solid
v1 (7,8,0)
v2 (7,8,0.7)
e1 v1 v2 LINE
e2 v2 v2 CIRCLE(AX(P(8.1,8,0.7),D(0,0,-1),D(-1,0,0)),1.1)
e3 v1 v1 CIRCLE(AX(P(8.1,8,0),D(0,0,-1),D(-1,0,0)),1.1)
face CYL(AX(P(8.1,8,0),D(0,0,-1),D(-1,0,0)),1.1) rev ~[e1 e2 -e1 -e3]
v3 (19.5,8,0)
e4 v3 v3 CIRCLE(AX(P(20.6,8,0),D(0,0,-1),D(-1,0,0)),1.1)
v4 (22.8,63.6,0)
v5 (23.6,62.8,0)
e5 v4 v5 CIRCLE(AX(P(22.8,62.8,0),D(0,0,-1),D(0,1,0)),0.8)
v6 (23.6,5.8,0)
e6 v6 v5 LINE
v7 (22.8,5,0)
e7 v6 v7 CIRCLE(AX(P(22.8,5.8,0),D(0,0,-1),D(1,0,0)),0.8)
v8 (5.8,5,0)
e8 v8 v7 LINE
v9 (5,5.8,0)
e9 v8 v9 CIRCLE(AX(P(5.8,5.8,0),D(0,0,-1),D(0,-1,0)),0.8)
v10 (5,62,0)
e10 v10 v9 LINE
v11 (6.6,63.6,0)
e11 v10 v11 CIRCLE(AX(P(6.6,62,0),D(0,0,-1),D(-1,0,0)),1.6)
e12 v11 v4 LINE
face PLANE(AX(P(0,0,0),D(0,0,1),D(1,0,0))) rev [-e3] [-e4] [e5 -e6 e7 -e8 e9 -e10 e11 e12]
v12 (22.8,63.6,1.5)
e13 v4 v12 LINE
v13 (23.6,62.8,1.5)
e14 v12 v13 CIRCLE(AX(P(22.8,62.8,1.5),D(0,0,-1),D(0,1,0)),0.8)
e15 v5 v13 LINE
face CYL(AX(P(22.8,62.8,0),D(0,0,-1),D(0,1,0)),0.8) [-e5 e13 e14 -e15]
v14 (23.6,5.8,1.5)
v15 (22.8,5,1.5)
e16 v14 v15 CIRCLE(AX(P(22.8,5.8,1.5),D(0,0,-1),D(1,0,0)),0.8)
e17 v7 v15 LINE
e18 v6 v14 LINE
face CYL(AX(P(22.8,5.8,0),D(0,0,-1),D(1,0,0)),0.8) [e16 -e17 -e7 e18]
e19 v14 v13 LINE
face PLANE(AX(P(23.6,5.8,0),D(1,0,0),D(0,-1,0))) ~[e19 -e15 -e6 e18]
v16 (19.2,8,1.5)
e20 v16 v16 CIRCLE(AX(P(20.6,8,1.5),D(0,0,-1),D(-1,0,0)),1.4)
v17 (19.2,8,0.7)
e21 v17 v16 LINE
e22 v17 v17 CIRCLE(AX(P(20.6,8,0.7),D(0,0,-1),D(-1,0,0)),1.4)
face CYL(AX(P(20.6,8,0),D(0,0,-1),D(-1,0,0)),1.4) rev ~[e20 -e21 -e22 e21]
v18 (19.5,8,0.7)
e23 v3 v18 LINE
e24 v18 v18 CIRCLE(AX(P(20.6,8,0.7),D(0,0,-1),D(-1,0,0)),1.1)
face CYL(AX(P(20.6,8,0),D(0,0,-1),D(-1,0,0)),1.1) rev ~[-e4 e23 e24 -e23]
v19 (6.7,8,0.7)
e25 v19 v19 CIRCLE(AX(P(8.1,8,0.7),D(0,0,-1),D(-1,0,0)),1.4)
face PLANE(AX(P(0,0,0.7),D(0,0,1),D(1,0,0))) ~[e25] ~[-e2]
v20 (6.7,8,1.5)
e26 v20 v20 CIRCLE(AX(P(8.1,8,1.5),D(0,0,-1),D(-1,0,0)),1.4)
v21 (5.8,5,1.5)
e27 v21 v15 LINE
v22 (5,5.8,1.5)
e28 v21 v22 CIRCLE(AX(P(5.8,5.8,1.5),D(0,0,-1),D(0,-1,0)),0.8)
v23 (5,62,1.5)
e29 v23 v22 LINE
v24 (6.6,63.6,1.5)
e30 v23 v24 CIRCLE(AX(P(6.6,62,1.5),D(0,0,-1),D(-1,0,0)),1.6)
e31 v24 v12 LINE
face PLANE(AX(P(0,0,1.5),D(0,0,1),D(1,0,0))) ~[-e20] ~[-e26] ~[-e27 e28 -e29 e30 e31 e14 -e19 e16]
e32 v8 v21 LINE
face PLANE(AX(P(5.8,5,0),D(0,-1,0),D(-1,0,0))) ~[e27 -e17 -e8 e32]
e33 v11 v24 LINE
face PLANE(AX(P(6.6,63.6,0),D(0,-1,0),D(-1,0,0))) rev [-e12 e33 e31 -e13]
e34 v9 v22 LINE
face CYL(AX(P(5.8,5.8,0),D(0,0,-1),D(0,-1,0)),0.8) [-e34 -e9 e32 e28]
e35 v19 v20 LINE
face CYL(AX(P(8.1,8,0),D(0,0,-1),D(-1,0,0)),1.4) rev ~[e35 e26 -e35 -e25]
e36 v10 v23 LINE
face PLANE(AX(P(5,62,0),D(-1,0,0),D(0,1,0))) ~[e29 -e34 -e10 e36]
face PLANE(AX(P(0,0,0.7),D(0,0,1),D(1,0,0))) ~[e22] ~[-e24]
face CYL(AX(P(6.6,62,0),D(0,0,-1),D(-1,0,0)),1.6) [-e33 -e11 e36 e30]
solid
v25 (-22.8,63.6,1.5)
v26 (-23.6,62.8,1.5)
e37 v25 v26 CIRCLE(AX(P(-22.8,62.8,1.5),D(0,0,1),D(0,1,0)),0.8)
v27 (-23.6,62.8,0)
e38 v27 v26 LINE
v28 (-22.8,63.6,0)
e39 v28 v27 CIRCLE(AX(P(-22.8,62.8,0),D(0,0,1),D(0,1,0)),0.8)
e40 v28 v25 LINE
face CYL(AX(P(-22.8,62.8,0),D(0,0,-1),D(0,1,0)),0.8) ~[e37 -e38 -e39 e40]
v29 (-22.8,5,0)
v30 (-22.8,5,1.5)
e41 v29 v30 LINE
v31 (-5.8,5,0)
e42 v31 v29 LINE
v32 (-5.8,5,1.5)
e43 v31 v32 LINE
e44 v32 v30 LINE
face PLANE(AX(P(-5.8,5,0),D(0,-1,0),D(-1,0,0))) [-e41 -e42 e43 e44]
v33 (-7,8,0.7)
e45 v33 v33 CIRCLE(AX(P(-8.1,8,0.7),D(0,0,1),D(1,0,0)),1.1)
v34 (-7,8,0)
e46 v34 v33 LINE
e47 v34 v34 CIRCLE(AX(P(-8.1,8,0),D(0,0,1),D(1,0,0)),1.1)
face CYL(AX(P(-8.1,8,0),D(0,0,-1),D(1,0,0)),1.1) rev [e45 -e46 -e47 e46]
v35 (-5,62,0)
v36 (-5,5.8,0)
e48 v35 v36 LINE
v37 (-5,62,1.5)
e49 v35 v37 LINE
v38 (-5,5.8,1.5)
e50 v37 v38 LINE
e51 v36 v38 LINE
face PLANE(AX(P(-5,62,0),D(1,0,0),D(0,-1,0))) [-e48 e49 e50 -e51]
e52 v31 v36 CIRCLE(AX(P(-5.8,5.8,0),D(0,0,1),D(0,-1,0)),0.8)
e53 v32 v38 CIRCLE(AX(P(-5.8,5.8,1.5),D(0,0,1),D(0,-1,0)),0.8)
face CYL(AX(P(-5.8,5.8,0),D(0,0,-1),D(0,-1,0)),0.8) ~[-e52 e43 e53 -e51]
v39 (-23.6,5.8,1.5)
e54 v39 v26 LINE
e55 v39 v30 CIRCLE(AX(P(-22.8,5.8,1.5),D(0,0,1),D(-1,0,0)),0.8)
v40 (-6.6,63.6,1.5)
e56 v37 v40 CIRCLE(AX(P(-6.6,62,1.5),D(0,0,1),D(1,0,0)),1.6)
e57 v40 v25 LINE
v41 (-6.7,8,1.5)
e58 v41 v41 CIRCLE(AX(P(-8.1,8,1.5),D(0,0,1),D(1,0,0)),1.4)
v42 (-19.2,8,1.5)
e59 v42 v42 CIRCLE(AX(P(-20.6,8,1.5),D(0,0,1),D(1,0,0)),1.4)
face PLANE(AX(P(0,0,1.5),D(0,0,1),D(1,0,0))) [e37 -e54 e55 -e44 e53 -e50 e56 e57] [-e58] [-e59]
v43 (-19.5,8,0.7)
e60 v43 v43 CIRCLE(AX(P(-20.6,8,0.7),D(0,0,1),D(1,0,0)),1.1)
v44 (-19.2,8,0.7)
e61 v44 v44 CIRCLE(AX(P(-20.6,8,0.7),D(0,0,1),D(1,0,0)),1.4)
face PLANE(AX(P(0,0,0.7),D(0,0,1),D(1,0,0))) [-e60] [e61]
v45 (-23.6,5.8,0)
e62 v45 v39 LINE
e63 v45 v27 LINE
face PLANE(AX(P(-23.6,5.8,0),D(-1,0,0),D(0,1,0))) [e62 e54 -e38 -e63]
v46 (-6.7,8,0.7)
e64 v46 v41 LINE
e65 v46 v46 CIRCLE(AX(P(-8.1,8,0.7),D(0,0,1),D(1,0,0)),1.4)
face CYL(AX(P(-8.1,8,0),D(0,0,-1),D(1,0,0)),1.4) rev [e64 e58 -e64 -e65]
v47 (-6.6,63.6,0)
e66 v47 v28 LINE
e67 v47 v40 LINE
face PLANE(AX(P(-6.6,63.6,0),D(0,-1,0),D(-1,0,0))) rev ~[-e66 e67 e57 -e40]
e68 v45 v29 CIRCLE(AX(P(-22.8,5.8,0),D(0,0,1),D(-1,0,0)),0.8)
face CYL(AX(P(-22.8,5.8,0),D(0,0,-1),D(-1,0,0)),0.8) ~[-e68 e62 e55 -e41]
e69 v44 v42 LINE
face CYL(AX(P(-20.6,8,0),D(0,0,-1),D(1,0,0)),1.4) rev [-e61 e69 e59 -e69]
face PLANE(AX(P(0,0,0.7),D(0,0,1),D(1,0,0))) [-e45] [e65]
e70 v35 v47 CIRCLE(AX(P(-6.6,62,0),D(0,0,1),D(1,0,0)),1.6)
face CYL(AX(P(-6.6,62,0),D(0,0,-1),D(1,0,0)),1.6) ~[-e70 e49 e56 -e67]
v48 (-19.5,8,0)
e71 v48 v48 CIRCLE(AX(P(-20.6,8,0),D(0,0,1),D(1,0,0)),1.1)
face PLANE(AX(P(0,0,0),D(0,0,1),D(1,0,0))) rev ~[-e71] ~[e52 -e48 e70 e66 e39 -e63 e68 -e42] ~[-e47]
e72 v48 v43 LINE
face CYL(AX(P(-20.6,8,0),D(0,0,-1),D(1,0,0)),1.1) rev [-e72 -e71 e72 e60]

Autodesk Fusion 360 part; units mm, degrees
sketch "mriya-mcu-cover" plane through (0, 0, 0) normal (0, 0, 1) x (1, 0, 0)
  circle A0 centre (-20.6, 8) radius 1.1
  circle A1 centre (-8.1, 8) radius 1.1
  circle A2 centre (-20.6, 8) radius 1.4
  circle A3 centre (-8.1, 8) radius 1.4
  line L0 (-21.45, 24.8) -> (-21.45, 60.1)
  line L1 (-8.45, 23.7) -> (-20.35, 23.7)
  line L2 (-9.15, 27.5) -> (-19.65, 27.5) construction
  line L3 (-19.65, 55) -> (-9.15, 55) construction
  line L4 (-8.45, 61.2) -> (-20.35, 61.2)
  line L5 (-20.65, 54) -> (-20.65, 28.5) construction
  line L6 (-8.15, 28.5) -> (-8.15, 54) construction
  line L7 (-7.35, 60.1) -> (-7.35, 24.8)
  line L8 (-23.6, 5.8) -> (-23.6, 62.7) construction
  line L9 (-6.6, 63.6) -> (-22.8, 63.6)
  line L10 (-5, 62) -> (-5, 5.8)
  line L11 (-22.8, 5) -> (-5.9, 5) construction
  line L12 (-5.1, 62) -> (-5.1, 5.8) construction
  line L13 (-6.6, 63.5) -> (-22.8, 63.5) construction
  arc A4 (-5.1, 62) -> (-6.6, 63.5) centre (-6.6, 62) ccw construction
  arc A5 (-22.8, 63.5) -> (-23.6, 62.7) centre (-22.8, 62.7) ccw construction
  arc A6 (-23.6, 5.8) -> (-22.8, 5) centre (-22.8, 5.8) ccw construction
  arc A7 (-5.9, 5) -> (-5.1, 5.8) centre (-5.9, 5.8) ccw construction
  line L14 (-5.8, 5) -> (-22.8, 5)
  line L15 (-23.6, 5.8) -> (-23.6, 62.8)
  arc A8 (-22.8, 63.6) -> (-23.6, 62.8) centre (-22.8, 62.8) ccw
  arc A9 (-5, 62) -> (-6.6, 63.6) centre (-6.6, 62) ccw
  arc A10 (-5.8, 5) -> (-5, 5.8) centre (-5.8, 5.8) ccw
  arc A11 (-23.6, 5.8) -> (-22.8, 5) centre (-22.8, 5.8) ccw
  arc A12 (-19.65, 55) -> (-20.65, 54) centre (-19.65, 54) ccw construction
  arc A13 (-8.15, 54) -> (-9.15, 55) centre (-9.15, 54) ccw construction
  arc A14 (-20.65, 28.5) -> (-19.65, 27.5) centre (-19.65, 28.5) ccw construction
  arc A15 (-9.15, 27.5) -> (-8.15, 28.5) centre (-9.15, 28.5) ccw construction
  arc A16 (-21.45, 24.8) -> (-20.35, 23.7) centre (-20.35, 24.8) ccw
  arc A17 (-8.45, 23.7) -> (-7.35, 24.8) centre (-8.45, 24.8) ccw
  line L16 (-5.7, 26.1) -> (-5.7, 62) construction
  line L17 (-18.5, 62.9) -> (-6.6, 62.9) construction
  arc A18 (-19.1, 63.5) -> (-18.5, 62.9) centre (-18.5, 63.5) ccw construction
  arc A19 (-5.7, 26.1) -> (-5.1, 25.5) centre (-5.1, 26.1) ccw construction
  arc A20 (-5.7, 62) -> (-6.6, 62.9) centre (-6.6, 62) ccw construction
  circle A21 centre (-14.4, 14.5) radius 5 construction
  circle A22 centre (-20.6, 20.5) radius 1.7 construction
  circle A23 centre (-8.1, 20.5) radius 1.7 construction
  arc A24 (-20.35, 61.2) -> (-21.45, 60.1) centre (-20.35, 60.1) ccw
  arc A25 (-7.35, 60.1) -> (-8.45, 61.2) centre (-8.45, 60.1) ccw
  dimension "d8" = 2.2
  dimension "d9" = 2.2
  dimension "d17" = 2.8
  dimension "d18" = 2.8
  dimension "d585" = 10
  dimension "d588" = 3.4
  dimension "d589" = 3.4
extrude "Extrude75" add sketch "mriya-mcu-cover" along normal blind 1.5 contours L0 L1 L4 L7 A16 A17 A24 A25 | L9 L10 L14 L15 A8 A9 A10 A11 makes body 1
extrude "Extrude77" add sketch "mriya-mcu-cover" along normal blind 0.7 contours A2 | A3 bodies 1
mirror "Mirror9" about plane through (0, 0, 0) normal (1, 0, 0) of bodies 1 makes body 2
